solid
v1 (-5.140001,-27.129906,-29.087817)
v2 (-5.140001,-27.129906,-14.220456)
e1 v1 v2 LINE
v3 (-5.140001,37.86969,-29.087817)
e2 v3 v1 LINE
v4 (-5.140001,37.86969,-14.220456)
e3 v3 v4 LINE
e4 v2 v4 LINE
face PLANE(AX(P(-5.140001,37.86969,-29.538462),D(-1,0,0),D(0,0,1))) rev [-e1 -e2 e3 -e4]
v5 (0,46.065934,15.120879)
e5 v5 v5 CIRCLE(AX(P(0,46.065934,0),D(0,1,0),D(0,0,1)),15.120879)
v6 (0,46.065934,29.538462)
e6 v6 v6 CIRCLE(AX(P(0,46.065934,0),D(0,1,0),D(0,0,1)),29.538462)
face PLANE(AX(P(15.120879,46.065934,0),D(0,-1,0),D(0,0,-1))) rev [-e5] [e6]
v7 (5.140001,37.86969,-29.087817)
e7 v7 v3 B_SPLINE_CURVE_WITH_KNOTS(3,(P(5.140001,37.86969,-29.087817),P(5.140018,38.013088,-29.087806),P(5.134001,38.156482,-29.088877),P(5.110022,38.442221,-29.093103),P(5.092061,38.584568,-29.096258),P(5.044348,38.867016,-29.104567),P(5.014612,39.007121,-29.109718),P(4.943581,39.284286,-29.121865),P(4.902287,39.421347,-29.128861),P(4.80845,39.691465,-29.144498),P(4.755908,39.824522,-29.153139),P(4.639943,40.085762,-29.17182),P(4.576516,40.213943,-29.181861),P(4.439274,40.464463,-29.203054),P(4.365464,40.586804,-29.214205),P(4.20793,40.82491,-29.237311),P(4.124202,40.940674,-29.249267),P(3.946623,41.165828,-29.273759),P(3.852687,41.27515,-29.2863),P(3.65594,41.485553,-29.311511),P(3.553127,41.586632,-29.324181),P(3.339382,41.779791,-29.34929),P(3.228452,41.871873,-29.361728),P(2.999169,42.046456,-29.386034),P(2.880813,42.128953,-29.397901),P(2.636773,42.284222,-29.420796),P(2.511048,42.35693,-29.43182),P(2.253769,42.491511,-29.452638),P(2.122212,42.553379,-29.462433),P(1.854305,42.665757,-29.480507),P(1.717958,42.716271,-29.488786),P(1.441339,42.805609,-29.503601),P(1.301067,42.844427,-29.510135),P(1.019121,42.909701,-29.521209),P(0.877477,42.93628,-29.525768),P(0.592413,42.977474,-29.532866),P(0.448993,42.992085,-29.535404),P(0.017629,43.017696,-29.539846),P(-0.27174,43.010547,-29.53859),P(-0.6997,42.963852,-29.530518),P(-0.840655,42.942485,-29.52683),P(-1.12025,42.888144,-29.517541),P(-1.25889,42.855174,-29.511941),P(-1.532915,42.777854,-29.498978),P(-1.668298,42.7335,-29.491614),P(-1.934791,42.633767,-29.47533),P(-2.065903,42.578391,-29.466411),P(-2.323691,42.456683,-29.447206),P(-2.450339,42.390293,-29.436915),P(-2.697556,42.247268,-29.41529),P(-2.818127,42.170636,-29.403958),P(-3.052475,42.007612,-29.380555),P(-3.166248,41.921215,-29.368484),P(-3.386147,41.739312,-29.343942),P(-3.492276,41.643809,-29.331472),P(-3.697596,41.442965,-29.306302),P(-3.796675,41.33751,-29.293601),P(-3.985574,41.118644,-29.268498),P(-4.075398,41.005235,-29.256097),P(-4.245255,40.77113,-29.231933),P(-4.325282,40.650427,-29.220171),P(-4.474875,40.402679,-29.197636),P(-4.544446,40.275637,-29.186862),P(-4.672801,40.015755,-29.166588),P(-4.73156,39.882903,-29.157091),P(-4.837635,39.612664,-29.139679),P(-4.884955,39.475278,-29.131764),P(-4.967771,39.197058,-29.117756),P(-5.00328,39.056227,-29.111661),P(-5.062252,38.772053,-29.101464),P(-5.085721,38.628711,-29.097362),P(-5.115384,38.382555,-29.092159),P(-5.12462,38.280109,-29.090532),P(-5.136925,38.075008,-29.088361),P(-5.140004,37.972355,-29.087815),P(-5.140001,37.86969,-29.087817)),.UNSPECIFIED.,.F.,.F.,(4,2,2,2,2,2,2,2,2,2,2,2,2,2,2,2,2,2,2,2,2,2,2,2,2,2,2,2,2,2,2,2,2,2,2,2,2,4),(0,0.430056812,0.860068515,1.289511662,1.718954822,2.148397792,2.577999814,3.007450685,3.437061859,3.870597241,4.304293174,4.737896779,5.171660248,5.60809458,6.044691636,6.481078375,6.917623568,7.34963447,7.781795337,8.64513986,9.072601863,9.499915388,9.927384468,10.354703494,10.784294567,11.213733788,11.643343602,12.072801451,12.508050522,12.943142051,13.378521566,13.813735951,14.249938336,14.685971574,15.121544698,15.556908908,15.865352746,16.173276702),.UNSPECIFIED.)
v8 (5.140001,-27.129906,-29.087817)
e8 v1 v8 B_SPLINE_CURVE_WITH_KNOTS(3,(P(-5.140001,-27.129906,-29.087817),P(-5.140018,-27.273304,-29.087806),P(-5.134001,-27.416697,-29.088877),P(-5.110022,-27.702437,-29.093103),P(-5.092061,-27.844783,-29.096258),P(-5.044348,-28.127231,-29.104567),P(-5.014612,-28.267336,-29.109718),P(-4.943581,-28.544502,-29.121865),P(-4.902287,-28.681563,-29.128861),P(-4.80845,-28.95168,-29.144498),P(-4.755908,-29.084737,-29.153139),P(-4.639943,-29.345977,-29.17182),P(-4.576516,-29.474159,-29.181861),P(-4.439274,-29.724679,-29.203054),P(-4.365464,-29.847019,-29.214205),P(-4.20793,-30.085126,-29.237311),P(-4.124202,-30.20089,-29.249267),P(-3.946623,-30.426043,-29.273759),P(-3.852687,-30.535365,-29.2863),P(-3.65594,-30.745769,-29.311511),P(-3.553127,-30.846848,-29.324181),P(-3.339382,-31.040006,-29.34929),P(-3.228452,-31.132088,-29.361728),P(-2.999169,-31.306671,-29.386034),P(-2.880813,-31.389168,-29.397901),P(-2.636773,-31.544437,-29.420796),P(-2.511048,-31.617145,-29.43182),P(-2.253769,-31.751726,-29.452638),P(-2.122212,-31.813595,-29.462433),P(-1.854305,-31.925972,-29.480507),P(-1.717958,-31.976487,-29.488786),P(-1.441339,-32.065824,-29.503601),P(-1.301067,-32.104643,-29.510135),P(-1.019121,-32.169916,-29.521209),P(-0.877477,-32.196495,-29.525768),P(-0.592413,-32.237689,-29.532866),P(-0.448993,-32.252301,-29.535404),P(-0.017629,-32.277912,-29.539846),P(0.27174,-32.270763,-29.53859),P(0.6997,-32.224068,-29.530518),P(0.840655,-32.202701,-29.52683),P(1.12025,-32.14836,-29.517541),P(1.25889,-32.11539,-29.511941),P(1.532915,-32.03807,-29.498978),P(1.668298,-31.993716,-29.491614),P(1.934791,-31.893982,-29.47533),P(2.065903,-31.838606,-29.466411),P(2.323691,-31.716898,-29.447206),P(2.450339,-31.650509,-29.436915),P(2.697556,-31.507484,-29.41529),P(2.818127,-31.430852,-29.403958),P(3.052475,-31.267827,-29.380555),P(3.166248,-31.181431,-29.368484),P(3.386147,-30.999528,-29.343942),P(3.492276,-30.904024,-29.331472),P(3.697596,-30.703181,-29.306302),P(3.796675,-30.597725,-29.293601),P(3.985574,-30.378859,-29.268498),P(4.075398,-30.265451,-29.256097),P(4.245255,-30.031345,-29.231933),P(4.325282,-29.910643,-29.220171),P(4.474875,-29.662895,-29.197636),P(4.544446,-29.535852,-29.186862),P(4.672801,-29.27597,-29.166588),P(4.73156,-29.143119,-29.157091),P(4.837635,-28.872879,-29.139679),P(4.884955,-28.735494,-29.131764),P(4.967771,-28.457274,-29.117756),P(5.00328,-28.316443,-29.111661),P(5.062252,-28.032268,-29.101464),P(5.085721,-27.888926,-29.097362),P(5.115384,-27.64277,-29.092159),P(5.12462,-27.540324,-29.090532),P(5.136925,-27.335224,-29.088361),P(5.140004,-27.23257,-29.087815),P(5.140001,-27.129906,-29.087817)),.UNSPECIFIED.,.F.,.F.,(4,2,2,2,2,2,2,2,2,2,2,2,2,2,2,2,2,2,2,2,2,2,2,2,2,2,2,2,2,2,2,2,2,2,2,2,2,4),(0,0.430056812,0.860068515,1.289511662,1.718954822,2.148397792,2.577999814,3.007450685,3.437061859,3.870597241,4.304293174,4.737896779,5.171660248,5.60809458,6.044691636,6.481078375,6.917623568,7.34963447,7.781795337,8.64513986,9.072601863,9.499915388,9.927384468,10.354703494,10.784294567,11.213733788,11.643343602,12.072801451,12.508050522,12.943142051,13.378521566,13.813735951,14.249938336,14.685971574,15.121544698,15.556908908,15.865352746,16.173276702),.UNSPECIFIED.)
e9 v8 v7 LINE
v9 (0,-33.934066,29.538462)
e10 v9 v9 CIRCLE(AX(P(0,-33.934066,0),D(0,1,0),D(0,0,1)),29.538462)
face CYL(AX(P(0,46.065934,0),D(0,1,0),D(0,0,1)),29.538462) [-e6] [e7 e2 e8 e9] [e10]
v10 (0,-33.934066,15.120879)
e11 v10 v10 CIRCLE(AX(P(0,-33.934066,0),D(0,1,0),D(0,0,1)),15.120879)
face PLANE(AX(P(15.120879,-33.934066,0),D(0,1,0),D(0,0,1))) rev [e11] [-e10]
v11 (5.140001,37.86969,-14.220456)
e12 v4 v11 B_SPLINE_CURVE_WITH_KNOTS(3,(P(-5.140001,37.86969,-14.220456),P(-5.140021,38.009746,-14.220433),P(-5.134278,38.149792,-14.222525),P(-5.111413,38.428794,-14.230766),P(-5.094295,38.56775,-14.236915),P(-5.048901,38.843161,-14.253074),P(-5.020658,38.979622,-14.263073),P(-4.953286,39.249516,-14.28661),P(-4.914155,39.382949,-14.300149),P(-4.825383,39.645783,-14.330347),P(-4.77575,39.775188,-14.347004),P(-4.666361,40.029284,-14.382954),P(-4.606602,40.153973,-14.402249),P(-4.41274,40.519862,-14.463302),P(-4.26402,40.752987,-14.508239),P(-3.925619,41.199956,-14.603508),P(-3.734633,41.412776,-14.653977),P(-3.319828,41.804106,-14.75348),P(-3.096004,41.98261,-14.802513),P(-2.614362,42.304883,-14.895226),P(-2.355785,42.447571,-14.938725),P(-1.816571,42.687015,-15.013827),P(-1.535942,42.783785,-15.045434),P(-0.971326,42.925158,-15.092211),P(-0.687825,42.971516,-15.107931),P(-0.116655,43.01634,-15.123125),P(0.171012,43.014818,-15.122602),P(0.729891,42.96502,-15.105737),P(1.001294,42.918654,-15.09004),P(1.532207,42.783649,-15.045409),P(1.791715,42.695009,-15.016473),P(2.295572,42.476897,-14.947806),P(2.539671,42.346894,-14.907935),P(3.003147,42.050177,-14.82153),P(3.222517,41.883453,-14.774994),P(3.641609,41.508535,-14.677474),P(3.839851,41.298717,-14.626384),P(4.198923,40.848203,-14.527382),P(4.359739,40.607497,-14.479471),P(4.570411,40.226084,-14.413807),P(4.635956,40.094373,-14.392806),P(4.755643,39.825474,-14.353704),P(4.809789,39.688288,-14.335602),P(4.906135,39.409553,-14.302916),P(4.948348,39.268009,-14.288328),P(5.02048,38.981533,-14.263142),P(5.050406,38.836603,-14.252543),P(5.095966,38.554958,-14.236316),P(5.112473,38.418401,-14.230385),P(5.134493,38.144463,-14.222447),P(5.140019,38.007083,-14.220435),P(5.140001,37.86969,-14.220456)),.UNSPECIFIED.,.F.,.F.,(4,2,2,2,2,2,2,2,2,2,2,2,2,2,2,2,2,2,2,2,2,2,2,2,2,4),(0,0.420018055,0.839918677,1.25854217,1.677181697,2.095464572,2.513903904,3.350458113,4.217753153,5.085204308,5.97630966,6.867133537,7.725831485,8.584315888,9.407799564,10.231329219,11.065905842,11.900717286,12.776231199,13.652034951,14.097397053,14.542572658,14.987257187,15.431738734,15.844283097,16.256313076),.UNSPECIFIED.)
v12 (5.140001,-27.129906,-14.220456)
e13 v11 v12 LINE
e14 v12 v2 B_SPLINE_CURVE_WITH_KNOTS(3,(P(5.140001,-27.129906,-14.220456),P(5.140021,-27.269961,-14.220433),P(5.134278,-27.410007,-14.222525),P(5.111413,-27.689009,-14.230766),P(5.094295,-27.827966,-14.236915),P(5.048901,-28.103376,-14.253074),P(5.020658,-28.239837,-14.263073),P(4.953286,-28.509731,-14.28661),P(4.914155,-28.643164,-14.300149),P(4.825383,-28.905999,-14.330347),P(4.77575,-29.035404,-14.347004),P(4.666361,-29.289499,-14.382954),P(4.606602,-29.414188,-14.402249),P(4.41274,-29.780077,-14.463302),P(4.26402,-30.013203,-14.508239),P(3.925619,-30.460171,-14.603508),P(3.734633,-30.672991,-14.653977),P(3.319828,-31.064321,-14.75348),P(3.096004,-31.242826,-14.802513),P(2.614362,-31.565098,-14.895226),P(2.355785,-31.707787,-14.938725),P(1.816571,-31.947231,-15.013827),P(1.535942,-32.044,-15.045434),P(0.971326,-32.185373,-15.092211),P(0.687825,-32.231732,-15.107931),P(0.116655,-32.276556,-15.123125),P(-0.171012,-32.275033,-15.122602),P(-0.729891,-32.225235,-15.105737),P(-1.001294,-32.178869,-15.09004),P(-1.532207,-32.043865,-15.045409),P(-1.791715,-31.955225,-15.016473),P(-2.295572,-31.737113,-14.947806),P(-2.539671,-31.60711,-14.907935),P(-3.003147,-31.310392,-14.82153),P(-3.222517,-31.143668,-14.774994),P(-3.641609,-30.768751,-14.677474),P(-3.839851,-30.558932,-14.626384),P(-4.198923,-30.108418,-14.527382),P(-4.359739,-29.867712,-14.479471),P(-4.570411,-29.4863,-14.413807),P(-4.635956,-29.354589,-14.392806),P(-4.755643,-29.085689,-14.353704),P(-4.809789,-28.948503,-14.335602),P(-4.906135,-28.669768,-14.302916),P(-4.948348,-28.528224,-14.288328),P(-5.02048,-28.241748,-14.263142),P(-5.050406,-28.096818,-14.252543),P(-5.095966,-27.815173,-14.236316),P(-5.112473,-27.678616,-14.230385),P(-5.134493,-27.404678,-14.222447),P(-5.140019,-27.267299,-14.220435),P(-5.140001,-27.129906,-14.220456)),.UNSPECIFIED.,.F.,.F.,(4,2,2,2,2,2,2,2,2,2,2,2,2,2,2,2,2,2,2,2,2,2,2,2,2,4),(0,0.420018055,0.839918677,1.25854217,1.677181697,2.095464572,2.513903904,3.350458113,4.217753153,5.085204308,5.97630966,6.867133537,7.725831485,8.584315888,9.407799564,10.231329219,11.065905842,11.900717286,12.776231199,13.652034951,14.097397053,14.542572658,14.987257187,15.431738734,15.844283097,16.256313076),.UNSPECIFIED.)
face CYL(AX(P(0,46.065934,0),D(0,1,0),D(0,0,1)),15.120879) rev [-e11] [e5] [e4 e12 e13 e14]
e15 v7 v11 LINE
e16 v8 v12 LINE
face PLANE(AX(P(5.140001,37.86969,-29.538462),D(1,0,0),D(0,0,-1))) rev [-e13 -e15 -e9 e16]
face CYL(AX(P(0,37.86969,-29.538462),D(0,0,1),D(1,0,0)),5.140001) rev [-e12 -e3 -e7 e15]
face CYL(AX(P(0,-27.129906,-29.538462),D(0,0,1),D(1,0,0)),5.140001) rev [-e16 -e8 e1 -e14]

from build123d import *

# Parameters (mm, degrees)
SKETCH1_W          = 14.417582417
SKETCH1_H          = 80
CUT_EXTRUDE1_DEPTH = 30.538461538


with BuildPart() as part:
    # Sketch1 → Revolve1 (revolve)
    with BuildSketch(Plane.XY):
        with Locations((22.32967033, 6.065934066)):
            Rectangle(SKETCH1_W, SKETCH1_H)
    revolve(axis=Axis((0, 46.065934066, 0), (0, -1, 0)))

    # Sketch2 → Cut-Extrude1 (cut, through all)
    with BuildSketch(Plane.XY):
        with BuildLine():
            Line((5.140001029, 37.869690433), (5.140001029, -27.129905913))
            ThreePointArc((5.140001029, -27.129905913), (0, -32.269906942), (-5.140001029, -27.129905913))
            Line((-5.140001029, -27.129905913), (-5.140001029, 37.869690433))
            ThreePointArc((-5.140001029, 37.869690433), (0, 43.009691462), (5.140001029, 37.869690433))
        make_face()
    extrude(amount=-CUT_EXTRUDE1_DEPTH, mode=Mode.SUBTRACT)


solid = part.part
